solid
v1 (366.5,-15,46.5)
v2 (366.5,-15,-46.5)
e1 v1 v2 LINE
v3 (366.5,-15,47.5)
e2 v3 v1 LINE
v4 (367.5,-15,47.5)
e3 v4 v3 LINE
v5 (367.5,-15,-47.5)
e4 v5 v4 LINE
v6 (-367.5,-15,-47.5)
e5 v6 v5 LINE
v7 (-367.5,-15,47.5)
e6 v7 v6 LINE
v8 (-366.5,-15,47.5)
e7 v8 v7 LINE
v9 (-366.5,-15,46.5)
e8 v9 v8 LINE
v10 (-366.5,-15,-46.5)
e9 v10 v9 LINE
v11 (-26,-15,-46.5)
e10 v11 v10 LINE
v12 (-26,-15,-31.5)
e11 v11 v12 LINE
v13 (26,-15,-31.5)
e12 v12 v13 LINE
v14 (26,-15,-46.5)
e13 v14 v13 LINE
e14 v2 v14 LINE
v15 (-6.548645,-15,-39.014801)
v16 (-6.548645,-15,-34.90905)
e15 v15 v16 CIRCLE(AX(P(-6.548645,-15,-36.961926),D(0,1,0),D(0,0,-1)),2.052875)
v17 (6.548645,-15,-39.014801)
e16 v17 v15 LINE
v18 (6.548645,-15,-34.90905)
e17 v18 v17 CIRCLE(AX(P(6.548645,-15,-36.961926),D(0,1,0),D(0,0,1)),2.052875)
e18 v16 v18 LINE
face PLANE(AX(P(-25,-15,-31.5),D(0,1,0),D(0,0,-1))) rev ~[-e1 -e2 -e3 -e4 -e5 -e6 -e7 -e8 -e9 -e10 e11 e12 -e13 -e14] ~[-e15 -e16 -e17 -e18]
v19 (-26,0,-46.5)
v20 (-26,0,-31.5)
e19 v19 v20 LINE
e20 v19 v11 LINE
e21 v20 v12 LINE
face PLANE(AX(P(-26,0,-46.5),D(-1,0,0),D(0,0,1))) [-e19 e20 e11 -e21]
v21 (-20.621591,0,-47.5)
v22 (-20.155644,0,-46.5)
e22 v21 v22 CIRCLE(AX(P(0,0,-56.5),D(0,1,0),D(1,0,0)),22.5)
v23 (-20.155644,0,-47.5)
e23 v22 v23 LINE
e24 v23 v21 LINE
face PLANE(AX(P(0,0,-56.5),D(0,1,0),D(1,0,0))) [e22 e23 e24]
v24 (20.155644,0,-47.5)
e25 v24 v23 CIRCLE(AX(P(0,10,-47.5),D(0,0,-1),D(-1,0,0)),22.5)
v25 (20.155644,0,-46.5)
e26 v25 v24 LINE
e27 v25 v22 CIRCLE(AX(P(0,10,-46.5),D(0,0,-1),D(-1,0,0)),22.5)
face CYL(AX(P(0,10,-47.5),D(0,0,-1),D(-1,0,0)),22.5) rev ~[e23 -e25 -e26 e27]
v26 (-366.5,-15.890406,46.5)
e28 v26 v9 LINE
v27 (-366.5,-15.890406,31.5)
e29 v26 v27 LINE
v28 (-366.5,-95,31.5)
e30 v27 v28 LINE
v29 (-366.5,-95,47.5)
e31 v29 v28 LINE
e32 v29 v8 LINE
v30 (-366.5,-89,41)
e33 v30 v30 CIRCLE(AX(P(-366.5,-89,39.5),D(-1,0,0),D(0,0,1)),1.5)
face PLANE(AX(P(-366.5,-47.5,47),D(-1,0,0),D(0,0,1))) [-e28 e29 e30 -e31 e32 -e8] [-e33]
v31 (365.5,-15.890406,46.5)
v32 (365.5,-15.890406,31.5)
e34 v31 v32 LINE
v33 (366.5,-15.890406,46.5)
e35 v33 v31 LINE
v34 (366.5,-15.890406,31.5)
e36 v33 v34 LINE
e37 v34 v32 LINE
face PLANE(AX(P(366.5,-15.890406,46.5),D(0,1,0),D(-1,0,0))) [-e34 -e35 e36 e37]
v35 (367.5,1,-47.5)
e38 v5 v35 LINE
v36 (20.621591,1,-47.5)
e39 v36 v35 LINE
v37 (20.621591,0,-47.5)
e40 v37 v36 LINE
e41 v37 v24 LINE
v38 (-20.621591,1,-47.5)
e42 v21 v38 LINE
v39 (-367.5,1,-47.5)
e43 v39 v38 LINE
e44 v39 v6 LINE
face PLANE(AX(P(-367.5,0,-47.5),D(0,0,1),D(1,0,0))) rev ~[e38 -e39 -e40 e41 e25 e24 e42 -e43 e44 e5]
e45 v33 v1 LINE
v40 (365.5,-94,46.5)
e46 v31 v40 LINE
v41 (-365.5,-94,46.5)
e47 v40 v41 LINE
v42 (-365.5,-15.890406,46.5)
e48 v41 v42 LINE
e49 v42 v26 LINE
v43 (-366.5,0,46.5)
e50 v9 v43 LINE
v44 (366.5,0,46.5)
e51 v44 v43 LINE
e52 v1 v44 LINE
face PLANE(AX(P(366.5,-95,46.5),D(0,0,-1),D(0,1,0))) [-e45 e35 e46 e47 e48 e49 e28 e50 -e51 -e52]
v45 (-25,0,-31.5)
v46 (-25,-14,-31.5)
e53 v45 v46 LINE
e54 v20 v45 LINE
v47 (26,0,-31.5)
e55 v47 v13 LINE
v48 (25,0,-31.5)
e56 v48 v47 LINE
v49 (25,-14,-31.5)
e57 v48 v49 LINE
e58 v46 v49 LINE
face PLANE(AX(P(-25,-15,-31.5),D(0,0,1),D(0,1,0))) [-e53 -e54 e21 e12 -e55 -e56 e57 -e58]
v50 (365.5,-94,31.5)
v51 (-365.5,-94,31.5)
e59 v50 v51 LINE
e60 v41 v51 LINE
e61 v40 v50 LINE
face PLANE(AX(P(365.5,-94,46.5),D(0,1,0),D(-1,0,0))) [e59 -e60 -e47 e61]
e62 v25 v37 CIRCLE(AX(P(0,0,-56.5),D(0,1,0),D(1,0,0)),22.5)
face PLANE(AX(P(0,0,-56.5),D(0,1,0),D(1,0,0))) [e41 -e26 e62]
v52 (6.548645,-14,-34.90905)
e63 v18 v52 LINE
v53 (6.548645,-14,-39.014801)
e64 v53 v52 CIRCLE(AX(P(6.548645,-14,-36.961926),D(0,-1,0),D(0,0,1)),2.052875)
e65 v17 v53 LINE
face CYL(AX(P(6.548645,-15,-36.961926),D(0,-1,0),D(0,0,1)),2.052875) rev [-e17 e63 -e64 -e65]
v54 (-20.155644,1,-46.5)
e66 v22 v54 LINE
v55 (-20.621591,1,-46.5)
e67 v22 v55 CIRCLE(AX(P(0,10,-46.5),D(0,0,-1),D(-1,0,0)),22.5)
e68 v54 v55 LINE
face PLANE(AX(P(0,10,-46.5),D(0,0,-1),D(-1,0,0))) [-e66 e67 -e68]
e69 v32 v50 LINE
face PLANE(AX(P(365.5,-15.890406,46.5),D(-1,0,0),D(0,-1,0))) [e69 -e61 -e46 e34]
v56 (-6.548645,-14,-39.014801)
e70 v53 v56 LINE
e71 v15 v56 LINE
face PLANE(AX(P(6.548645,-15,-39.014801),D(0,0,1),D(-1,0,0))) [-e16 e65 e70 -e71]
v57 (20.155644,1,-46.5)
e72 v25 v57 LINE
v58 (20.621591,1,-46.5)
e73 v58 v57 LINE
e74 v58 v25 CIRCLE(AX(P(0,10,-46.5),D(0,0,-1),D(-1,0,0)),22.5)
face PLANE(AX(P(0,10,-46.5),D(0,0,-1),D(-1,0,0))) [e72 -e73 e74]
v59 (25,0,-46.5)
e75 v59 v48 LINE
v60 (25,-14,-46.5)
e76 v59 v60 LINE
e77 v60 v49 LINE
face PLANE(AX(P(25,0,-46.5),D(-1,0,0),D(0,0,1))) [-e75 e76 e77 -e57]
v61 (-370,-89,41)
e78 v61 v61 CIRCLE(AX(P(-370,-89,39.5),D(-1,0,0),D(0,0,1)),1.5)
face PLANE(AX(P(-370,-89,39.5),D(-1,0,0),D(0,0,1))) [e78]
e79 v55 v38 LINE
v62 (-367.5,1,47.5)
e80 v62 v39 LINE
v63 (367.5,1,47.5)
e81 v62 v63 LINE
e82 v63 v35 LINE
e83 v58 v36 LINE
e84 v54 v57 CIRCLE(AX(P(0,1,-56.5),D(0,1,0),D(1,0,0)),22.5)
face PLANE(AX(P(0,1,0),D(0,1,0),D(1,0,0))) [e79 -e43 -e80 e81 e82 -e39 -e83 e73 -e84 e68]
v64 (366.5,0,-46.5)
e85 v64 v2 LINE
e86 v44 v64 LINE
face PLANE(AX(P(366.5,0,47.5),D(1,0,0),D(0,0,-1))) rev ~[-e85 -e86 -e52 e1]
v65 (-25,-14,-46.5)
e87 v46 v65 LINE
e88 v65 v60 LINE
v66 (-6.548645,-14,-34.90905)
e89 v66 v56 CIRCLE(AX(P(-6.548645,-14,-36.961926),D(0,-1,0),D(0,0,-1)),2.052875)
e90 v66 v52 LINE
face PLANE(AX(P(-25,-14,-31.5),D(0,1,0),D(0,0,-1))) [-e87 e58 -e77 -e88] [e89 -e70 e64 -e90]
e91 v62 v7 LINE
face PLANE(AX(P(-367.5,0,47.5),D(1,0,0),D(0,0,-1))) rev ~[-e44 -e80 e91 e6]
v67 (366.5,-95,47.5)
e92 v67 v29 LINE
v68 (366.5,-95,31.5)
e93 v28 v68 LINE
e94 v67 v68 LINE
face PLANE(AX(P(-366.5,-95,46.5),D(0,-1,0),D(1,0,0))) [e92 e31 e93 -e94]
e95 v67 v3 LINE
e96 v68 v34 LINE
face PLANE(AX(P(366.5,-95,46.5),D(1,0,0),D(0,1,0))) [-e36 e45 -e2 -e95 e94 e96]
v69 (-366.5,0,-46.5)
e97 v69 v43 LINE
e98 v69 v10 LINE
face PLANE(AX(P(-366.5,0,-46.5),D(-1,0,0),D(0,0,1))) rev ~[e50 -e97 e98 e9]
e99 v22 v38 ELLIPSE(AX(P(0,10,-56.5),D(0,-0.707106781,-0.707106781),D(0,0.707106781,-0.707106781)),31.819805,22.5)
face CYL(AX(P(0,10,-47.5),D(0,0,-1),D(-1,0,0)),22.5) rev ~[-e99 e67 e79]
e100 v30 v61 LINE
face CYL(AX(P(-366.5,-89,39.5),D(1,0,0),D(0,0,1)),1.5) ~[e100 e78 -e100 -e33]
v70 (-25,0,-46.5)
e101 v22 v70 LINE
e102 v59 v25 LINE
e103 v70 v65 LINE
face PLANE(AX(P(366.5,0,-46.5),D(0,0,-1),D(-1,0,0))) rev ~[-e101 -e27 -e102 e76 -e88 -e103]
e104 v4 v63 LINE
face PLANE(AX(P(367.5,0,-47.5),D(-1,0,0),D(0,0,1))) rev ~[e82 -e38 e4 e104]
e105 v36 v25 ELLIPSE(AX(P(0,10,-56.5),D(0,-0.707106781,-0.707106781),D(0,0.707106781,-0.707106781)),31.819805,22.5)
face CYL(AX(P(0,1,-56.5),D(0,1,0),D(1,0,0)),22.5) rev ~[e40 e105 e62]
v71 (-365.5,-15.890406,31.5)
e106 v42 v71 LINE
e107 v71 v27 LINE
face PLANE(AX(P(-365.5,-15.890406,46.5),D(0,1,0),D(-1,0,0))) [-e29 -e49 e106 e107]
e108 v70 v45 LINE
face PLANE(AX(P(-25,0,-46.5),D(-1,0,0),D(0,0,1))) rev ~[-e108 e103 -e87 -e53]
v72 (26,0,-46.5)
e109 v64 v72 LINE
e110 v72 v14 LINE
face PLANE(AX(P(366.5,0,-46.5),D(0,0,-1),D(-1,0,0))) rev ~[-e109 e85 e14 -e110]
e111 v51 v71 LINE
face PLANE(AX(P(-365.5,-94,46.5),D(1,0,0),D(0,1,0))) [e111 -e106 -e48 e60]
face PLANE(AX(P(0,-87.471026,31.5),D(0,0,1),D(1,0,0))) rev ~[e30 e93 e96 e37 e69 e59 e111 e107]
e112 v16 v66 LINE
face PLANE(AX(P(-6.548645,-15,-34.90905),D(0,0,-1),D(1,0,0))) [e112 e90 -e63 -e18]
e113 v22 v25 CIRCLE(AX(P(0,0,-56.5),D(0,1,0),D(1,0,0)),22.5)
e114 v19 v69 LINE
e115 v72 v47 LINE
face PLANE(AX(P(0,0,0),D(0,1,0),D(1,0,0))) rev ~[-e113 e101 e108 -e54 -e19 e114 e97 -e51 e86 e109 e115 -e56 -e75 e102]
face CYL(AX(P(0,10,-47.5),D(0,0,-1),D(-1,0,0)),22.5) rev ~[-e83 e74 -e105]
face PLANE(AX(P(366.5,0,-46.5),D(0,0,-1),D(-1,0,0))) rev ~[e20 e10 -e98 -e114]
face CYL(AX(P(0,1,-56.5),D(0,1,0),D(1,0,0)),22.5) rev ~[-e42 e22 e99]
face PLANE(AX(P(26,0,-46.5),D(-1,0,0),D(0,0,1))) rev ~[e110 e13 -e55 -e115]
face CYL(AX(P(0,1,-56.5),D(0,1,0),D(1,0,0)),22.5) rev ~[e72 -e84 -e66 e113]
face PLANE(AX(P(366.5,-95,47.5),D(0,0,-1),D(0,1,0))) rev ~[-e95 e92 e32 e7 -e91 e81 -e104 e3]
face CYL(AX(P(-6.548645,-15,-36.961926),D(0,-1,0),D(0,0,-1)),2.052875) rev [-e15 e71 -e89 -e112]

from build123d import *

# Parameters (mm, degrees)
CROQUIS1_W              = 735
CROQUIS1_H              = 95
SALIENTE_EXTRUIR1_DEPTH = 1
SALIENTE_EXTRUIR2_DEPTH = 15
CROQUIS3_R              = 22.5
CORTAR_EXTRUIR1_DEPTH   = 1
CROQUIS4_R              = 22.5
CORTAR_EXTRUIR2_DEPTH   = 1
CROQUIS5_W              = 1
CROQUIS5_H              = 15
SALIENTE_EXTRUIR3_DEPTH = 15
SALIENTE_EXTRUIR4_REACH = 394.5
CROQUIS6_W              = 15
CROQUIS6_H              = 1
CORTAR_EXTRUIR3_REACH   = 18
CROQUIS8_W              = 1
CROQUIS8_H              = 95
SALIENTE_EXTRUIR5_DEPTH = 733
SALIENTE_EXTRUIR6_DEPTH = 15
CROQUIS10_R             = 1.5
SALIENTE_EXTRUIR7_DEPTH = 3.5


with BuildPart() as part:
    # Croquis1 → Saliente-Extruir1 (new body)
    with BuildSketch(Plane(origin=(0, 0, 0), x_dir=(1, 0, 0), z_dir=(0, 1, 0))):
        Rectangle(CROQUIS1_W, CROQUIS1_H)
    extrude(amount=SALIENTE_EXTRUIR1_DEPTH)

    # Croquis2 → Saliente-Extruir2 (add)
    with BuildSketch(Plane.XZ):
        Polygon((366.5, 47.5), (366.5, -46.5), (-366.5, -46.5), (-366.5, 47.5), (-367.5, 47.5), (-367.5, -47.5), (367.5, -47.5), (367.5, 47.5), align=None)
    extrude(amount=SALIENTE_EXTRUIR2_DEPTH)

    # Croquis3 → Cortar-Extruir1 (cut)
    with BuildSketch(Plane(origin=(0, 0, -47.5), x_dir=(-1, 0, 0), z_dir=(0, 0, -1))):
        with Locations((0, 10)):
            Circle(CROQUIS3_R)
    extrude(amount=-CORTAR_EXTRUIR1_DEPTH, mode=Mode.SUBTRACT)

    # Croquis4 → Cortar-Extruir2 (cut)
    with BuildSketch(Plane(origin=(0, 1, 0), x_dir=(1, 0, 0), z_dir=(0, 1, 0))):
        with Locations((0, 56.5)):
            Circle(CROQUIS4_R)
    extrude(amount=-CORTAR_EXTRUIR2_DEPTH, mode=Mode.SUBTRACT)

    # Croquis5 → Saliente-Extruir3 (add)
    with BuildSketch(Plane.XZ):
        with Locations((-25.5, -39)):
            Rectangle(CROQUIS5_W, CROQUIS5_H)
        with Locations((25.5, -39)):
            Rectangle(CROQUIS5_W, CROQUIS5_H)
    extrude(amount=SALIENTE_EXTRUIR3_DEPTH)

    # Croquis6 → Saliente-Extruir4 (add, up to next)
    with BuildSketch(Plane(origin=(-25, 0, 0), x_dir=(0, 0, -1), z_dir=(1, 0, 0)), mode=Mode.PRIVATE) as saliente_extruir4_sk1:
        with Locations((39, -14.5)):
            Rectangle(CROQUIS6_W, CROQUIS6_H)
    saliente_extruir4_tool1 = extrude(saliente_extruir4_sk1.sketch, amount=SALIENTE_EXTRUIR4_REACH, mode=Mode.PRIVATE) - part.part
    add(saliente_extruir4_tool1.solids().sort_by_distance((-25, -14.5, -39))[0])

    # Croquis7 → Cortar-Extruir3 (cut, up to next)
    with BuildSketch(Plane.XZ.offset(15), mode=Mode.PRIVATE) as cortar_extruir3_sk1:
        with BuildLine():
            Line((-6.54864521, -34.909050446), (6.54864521, -34.909050446))
            ThreePointArc((6.54864521, -34.909050446), (8.601520455, -36.961925691), (6.54864521, -39.014800936))
            Line((6.54864521, -39.014800936), (-6.54864521, -39.014800936))
            ThreePointArc((-6.54864521, -39.014800936), (-8.601520455, -36.961925691), (-6.54864521, -34.909050446))
        make_face()
    cortar_extruir3_tool1 = extrude(cortar_extruir3_sk1.sketch, amount=-CORTAR_EXTRUIR3_REACH, mode=Mode.PRIVATE) & part.part
    add(cortar_extruir3_tool1.solids().sort_by_distance((0, -15, -36.961926))[0], mode=Mode.SUBTRACT)

    # Croquis8 → Saliente-Extruir5 (add)
    with BuildSketch(Plane.ZY.offset(-366.5)):
        with Locations((47, -47.5)):
            Rectangle(CROQUIS8_W, CROQUIS8_H)
    extrude(amount=SALIENTE_EXTRUIR5_DEPTH)

    # Croquis9 → Saliente-Extruir6 (add)
    with BuildSketch(Plane(origin=(0, 0, 46.5), x_dir=(-1, 0, 0), z_dir=(0, 0, -1))):
        Polygon((-366.5, -15.890406143), (-365.5, -15.890406143), (-365.5, -94), (365.5, -94), (365.5, -15.890406143), (366.5, -15.890406143), (366.5, -95), (-366.5, -95), align=None)
    extrude(amount=SALIENTE_EXTRUIR6_DEPTH)

    # Croquis10 → Saliente-Extruir7 (add)
    with BuildSketch(Plane.ZY.offset(366.5)):
        with Locations((39.5, -89)):
            Circle(CROQUIS10_R)
    extrude(amount=SALIENTE_EXTRUIR7_DEPTH)


solid = part.part
